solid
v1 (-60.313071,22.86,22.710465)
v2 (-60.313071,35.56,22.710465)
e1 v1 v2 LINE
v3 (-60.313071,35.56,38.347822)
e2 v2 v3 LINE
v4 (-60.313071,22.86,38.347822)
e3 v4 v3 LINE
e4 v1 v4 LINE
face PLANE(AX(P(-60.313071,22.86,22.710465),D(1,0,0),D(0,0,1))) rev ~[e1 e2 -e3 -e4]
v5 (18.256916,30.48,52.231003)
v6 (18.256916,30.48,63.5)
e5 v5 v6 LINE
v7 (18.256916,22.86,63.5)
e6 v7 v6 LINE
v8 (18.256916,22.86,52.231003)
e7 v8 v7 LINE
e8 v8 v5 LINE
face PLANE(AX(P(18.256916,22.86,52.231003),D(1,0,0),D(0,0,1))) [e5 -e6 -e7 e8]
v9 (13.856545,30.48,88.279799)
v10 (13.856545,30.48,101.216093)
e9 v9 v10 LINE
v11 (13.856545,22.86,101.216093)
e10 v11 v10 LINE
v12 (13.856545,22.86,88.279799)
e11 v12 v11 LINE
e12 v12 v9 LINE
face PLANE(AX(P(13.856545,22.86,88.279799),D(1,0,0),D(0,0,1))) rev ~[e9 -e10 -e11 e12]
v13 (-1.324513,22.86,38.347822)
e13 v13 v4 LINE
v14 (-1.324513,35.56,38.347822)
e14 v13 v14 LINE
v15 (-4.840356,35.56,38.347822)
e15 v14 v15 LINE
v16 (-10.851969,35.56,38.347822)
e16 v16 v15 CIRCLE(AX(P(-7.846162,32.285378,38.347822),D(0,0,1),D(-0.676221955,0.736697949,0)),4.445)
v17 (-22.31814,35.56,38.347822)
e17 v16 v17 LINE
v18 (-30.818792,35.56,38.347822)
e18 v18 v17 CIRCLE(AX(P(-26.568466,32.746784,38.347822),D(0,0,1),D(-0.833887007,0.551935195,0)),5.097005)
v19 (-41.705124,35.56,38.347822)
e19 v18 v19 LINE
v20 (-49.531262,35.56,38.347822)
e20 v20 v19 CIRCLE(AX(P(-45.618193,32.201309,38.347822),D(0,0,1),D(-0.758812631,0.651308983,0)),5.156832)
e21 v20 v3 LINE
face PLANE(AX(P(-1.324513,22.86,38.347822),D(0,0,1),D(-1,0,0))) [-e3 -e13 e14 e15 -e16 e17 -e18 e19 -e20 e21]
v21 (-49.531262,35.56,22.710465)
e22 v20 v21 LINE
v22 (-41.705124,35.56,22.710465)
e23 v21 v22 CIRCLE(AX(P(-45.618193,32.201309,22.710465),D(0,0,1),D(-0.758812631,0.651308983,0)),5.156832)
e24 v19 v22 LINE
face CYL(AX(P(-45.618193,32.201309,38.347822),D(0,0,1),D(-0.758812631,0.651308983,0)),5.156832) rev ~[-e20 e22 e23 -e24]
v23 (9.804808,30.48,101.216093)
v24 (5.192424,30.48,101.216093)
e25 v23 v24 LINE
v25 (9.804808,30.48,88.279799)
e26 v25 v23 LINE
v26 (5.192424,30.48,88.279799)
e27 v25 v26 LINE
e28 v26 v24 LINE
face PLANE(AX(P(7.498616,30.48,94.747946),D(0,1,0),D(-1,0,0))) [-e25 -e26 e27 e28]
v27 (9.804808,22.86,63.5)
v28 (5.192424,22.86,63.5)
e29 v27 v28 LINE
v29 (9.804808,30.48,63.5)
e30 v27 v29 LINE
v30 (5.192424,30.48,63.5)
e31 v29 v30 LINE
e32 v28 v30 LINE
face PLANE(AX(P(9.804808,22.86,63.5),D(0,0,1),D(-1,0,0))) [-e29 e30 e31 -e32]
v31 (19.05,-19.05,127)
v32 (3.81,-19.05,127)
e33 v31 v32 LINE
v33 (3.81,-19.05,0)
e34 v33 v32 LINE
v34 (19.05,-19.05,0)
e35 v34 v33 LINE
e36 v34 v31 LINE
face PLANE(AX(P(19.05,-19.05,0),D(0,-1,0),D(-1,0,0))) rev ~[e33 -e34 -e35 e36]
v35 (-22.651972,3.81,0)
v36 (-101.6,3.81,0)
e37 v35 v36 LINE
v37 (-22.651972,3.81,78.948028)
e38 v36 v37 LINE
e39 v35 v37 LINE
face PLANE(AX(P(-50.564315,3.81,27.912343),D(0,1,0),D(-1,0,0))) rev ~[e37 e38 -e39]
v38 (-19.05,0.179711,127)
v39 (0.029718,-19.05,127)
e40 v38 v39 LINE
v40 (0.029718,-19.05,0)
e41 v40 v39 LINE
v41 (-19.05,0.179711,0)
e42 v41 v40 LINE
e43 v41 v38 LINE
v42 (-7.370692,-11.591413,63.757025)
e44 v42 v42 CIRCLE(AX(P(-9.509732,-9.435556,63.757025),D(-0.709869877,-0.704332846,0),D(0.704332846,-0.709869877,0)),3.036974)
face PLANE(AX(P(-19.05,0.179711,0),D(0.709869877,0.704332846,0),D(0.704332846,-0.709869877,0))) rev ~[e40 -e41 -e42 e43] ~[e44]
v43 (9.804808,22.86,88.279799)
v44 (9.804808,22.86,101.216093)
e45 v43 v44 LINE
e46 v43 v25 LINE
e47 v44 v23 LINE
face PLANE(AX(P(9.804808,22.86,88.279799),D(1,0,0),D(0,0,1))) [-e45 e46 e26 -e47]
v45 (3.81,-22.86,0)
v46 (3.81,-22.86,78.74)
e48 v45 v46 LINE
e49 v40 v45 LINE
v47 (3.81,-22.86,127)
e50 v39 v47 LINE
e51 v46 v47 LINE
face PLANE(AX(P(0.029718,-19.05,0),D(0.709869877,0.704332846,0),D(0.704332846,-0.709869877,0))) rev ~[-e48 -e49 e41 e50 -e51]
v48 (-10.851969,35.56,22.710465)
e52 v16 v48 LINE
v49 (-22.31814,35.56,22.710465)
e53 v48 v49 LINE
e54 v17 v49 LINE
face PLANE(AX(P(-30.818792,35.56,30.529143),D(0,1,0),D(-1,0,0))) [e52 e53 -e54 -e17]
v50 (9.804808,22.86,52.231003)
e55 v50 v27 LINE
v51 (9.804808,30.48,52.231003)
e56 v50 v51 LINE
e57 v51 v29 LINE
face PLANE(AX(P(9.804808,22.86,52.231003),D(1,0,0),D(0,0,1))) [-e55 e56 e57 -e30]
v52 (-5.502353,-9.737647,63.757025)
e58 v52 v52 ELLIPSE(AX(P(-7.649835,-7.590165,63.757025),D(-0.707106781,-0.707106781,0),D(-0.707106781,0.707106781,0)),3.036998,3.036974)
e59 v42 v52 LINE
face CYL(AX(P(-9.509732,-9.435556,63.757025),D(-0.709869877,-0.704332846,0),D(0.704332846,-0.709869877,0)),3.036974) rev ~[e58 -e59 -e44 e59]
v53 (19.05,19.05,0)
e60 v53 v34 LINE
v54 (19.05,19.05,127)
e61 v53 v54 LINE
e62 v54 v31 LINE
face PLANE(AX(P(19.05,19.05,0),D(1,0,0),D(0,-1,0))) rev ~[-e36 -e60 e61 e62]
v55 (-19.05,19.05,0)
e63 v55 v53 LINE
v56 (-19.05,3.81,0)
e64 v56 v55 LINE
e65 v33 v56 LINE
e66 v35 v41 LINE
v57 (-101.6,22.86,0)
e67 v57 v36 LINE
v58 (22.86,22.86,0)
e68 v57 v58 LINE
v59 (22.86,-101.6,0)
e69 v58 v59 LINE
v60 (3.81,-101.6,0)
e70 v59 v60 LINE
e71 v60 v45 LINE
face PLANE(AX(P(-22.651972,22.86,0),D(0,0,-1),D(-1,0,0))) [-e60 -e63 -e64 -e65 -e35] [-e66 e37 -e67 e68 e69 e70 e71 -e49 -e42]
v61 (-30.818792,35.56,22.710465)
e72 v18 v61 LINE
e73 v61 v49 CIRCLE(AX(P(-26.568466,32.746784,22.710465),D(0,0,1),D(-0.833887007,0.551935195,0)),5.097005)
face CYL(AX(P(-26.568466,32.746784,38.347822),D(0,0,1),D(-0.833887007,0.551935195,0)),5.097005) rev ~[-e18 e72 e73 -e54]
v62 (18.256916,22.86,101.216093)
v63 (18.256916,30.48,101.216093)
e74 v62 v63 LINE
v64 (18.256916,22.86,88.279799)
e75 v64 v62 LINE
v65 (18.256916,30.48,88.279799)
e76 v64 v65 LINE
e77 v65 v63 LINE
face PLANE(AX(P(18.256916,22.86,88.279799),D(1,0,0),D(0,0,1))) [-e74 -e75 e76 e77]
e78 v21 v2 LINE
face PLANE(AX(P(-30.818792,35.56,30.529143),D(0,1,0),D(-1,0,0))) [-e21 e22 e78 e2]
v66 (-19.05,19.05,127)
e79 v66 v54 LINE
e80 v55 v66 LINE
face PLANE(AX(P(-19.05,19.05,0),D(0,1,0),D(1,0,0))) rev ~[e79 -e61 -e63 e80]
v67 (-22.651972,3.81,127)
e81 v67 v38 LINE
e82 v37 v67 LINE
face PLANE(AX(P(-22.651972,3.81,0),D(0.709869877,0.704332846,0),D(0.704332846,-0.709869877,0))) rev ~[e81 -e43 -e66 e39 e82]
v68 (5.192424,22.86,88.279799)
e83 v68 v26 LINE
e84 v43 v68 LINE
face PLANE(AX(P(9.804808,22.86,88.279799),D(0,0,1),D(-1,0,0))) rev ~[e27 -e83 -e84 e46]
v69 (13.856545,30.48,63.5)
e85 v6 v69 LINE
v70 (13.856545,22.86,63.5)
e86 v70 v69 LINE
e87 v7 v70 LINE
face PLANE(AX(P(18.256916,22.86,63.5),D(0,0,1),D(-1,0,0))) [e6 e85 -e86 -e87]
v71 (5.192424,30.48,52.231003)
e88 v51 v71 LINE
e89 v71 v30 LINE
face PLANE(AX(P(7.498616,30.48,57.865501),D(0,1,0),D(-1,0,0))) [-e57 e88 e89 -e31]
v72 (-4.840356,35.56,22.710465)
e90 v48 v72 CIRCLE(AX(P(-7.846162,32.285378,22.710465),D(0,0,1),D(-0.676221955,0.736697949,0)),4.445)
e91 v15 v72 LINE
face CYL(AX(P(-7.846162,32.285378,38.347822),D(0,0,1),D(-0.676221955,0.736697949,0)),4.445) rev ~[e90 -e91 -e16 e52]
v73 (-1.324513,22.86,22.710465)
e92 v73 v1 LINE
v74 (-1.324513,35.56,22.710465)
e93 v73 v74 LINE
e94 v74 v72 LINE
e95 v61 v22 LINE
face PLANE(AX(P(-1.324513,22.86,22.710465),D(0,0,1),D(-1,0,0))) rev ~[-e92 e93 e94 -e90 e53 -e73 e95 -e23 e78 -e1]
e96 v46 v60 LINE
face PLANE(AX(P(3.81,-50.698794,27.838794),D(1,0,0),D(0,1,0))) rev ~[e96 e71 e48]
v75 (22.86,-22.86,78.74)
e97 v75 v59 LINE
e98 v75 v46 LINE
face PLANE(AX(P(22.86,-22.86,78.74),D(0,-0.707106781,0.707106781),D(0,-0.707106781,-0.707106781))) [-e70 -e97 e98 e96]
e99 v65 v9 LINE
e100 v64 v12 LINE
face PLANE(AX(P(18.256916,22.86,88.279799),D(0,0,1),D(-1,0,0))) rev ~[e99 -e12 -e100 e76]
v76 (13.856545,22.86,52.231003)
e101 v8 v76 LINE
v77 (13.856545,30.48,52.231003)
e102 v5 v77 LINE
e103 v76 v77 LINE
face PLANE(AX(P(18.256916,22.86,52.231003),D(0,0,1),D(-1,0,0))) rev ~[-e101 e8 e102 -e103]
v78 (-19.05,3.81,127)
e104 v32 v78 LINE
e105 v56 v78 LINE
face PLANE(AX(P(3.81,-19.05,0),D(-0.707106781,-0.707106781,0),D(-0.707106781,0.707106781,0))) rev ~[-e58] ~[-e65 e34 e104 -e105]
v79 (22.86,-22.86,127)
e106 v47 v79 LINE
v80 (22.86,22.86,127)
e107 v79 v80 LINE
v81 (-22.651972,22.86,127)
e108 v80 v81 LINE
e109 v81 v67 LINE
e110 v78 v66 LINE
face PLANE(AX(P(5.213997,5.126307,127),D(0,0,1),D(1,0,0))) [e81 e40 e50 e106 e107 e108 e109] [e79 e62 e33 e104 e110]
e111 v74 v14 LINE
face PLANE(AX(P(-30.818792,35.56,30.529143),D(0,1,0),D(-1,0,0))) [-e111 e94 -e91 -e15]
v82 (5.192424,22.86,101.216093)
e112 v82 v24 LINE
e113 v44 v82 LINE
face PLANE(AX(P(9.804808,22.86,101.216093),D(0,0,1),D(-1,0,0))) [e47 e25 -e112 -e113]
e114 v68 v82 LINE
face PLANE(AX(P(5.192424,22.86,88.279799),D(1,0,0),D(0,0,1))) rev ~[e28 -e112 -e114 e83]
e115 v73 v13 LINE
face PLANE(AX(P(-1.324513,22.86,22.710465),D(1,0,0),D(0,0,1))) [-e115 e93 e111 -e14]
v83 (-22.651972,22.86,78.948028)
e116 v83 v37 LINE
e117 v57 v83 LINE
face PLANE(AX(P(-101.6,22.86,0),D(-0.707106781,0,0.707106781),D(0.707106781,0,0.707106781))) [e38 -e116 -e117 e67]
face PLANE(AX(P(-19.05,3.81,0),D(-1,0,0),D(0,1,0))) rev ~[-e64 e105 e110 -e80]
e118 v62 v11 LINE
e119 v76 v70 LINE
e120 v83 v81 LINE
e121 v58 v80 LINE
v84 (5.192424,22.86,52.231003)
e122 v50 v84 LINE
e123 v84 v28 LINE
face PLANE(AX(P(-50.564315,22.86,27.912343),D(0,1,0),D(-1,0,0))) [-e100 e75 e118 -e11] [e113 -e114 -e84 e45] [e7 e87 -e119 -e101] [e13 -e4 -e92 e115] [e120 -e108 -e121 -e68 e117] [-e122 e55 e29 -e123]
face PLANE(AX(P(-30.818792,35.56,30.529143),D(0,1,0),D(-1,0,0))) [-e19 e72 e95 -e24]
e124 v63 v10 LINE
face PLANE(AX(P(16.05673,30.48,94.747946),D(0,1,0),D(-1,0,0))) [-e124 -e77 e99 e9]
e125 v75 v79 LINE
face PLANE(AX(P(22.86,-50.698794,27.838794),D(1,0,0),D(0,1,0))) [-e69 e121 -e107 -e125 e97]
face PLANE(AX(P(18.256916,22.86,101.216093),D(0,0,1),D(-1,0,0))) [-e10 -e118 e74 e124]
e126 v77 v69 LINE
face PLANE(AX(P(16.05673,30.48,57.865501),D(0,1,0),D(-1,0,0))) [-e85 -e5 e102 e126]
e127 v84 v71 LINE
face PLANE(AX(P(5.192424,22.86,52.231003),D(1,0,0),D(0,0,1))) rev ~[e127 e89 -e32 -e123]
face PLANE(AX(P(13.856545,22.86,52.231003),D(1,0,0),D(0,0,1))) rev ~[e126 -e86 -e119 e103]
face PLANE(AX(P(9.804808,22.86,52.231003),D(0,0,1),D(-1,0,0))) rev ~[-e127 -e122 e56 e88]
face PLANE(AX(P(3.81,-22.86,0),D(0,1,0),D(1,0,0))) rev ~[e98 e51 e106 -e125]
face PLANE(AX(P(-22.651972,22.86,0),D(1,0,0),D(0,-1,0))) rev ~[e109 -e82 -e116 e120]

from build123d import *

# Parameters (mm, degrees)
F1_DEPTH  = 127
F3_DEPTH  = 19.05
F5_DEPTH  = 19.05
F6_R      = 3.0369743136
F7_DEPTH  = 25.4
F8_W      = 4.4003706425
F8_H      = 12.9362940788
F8_W_2    = 4.6123838983
F8_H_2    = 11.268997401
F9_DEPTH  = 7.62
F8_W_3    = 58.9885585941
F8_H_3    = 15.6373567879
F10_DEPTH = 12.7
F12_DEPTH = 25.4


with BuildPart() as f1:
    # F0 (on Top) → F1 (new body)
    with BuildSketch(Plane.XY):
        Polygon((-19.05, 3.81), (-19.05, 19.05), (19.05, 19.05), (19.05, -19.05), (3.81, -19.05), (0.0297182501, -19.05), (3.81, -22.86), (22.86, -22.86), (22.86, 22.86), (-22.6519722492, 22.86), (-22.6519722492, 3.81), (-19.05, 0.1797112604), align=None)
        Polygon((3.81, -19.05), (-19.05, 3.81), (-19.05, 0.1797112604), (0.0297182501, -19.05), align=None)
    extrude(amount=F1_DEPTH)

    # F2 (on face) → F3 (join)
    with BuildSketch(Plane.YZ.offset(22.86)):
        Polygon((-22.86, 0), (-22.86, 78.74), (-101.6, 0), align=None)
    extrude(amount=-F3_DEPTH)

    # F4 (on face) → F5 (join)
    with BuildSketch(Plane(origin=(0, 22.86, 0), x_dir=(-1, 0, 0), z_dir=(0, 1, 0))):
        Polygon((101.6, 0), (22.6519722492, 78.9480277508), (22.6519722492, 0), align=None)
    extrude(amount=-F5_DEPTH)

    # F6 (on face) → F7 (cut)
    with BuildSketch(Plane(origin=(-9.5097324965, -9.4355559587, 0), x_dir=(0.7043328456, -0.7098698772, 0), z_dir=(-0.7098698772, -0.7043328456, 0))):
        with Locations((0, 63.7570247054)):
            Circle(F6_R)
    extrude(amount=-F7_DEPTH, mode=Mode.SUBTRACT)

    # F8 (on face) → F9 (join)
    with BuildSketch(Plane(origin=(0, 22.86, 0), x_dir=(-1, 0, 0), z_dir=(0, 1, 0))):
        with Locations((-16.0567304119, 94.7479456663)):
            Rectangle(F8_W, F8_H)
        with Locations((-7.4986156542, 94.7479456663)):
            Rectangle(F8_W_2, F8_H)
        with Locations((-16.0567304119, 57.8655012995)):
            Rectangle(F8_W, F8_H_2)
        with Locations((-7.4986156542, 57.8655012995)):
            Rectangle(F8_W_2, F8_H_2)
    extrude(amount=F9_DEPTH)

    # F8 (on face) → F10 (join)
    with BuildSketch(Plane(origin=(0, 22.86, 0), x_dir=(-1, 0, 0), z_dir=(0, 1, 0))):
        with Locations((30.81879206, 30.5291432887)):
            Rectangle(F8_W_3, F8_H_3)
    extrude(amount=F10_DEPTH)

    # F11 (on face) → F12 (cut)
    with BuildSketch(Plane.XY.offset(38.3478216827)):
        with BuildLine():
            ThreePointArc((-49.531262368, 35.56), (-45.6181932241, 27.0444772391), (-41.7051240802, 35.56))
            Line((-41.7051240802, 35.56), (-49.531262368, 35.56))
        make_face()
        with BuildLine():
            ThreePointArc((-30.81879206, 35.56), (-26.5684658661, 27.6497786466), (-22.3181396723, 35.56))
            Line((-22.3181396723, 35.56), (-30.81879206, 35.56))
        make_face()
        with BuildLine():
            Line((-4.8403558321, 35.56), (-10.8519690111, 35.56))
            ThreePointArc((-10.8519690111, 35.56), (-7.8461624216, 27.8403776177), (-4.8403558321, 35.56))
        make_face()
    extrude(amount=-F12_DEPTH, mode=Mode.SUBTRACT)


solid = f1.part
